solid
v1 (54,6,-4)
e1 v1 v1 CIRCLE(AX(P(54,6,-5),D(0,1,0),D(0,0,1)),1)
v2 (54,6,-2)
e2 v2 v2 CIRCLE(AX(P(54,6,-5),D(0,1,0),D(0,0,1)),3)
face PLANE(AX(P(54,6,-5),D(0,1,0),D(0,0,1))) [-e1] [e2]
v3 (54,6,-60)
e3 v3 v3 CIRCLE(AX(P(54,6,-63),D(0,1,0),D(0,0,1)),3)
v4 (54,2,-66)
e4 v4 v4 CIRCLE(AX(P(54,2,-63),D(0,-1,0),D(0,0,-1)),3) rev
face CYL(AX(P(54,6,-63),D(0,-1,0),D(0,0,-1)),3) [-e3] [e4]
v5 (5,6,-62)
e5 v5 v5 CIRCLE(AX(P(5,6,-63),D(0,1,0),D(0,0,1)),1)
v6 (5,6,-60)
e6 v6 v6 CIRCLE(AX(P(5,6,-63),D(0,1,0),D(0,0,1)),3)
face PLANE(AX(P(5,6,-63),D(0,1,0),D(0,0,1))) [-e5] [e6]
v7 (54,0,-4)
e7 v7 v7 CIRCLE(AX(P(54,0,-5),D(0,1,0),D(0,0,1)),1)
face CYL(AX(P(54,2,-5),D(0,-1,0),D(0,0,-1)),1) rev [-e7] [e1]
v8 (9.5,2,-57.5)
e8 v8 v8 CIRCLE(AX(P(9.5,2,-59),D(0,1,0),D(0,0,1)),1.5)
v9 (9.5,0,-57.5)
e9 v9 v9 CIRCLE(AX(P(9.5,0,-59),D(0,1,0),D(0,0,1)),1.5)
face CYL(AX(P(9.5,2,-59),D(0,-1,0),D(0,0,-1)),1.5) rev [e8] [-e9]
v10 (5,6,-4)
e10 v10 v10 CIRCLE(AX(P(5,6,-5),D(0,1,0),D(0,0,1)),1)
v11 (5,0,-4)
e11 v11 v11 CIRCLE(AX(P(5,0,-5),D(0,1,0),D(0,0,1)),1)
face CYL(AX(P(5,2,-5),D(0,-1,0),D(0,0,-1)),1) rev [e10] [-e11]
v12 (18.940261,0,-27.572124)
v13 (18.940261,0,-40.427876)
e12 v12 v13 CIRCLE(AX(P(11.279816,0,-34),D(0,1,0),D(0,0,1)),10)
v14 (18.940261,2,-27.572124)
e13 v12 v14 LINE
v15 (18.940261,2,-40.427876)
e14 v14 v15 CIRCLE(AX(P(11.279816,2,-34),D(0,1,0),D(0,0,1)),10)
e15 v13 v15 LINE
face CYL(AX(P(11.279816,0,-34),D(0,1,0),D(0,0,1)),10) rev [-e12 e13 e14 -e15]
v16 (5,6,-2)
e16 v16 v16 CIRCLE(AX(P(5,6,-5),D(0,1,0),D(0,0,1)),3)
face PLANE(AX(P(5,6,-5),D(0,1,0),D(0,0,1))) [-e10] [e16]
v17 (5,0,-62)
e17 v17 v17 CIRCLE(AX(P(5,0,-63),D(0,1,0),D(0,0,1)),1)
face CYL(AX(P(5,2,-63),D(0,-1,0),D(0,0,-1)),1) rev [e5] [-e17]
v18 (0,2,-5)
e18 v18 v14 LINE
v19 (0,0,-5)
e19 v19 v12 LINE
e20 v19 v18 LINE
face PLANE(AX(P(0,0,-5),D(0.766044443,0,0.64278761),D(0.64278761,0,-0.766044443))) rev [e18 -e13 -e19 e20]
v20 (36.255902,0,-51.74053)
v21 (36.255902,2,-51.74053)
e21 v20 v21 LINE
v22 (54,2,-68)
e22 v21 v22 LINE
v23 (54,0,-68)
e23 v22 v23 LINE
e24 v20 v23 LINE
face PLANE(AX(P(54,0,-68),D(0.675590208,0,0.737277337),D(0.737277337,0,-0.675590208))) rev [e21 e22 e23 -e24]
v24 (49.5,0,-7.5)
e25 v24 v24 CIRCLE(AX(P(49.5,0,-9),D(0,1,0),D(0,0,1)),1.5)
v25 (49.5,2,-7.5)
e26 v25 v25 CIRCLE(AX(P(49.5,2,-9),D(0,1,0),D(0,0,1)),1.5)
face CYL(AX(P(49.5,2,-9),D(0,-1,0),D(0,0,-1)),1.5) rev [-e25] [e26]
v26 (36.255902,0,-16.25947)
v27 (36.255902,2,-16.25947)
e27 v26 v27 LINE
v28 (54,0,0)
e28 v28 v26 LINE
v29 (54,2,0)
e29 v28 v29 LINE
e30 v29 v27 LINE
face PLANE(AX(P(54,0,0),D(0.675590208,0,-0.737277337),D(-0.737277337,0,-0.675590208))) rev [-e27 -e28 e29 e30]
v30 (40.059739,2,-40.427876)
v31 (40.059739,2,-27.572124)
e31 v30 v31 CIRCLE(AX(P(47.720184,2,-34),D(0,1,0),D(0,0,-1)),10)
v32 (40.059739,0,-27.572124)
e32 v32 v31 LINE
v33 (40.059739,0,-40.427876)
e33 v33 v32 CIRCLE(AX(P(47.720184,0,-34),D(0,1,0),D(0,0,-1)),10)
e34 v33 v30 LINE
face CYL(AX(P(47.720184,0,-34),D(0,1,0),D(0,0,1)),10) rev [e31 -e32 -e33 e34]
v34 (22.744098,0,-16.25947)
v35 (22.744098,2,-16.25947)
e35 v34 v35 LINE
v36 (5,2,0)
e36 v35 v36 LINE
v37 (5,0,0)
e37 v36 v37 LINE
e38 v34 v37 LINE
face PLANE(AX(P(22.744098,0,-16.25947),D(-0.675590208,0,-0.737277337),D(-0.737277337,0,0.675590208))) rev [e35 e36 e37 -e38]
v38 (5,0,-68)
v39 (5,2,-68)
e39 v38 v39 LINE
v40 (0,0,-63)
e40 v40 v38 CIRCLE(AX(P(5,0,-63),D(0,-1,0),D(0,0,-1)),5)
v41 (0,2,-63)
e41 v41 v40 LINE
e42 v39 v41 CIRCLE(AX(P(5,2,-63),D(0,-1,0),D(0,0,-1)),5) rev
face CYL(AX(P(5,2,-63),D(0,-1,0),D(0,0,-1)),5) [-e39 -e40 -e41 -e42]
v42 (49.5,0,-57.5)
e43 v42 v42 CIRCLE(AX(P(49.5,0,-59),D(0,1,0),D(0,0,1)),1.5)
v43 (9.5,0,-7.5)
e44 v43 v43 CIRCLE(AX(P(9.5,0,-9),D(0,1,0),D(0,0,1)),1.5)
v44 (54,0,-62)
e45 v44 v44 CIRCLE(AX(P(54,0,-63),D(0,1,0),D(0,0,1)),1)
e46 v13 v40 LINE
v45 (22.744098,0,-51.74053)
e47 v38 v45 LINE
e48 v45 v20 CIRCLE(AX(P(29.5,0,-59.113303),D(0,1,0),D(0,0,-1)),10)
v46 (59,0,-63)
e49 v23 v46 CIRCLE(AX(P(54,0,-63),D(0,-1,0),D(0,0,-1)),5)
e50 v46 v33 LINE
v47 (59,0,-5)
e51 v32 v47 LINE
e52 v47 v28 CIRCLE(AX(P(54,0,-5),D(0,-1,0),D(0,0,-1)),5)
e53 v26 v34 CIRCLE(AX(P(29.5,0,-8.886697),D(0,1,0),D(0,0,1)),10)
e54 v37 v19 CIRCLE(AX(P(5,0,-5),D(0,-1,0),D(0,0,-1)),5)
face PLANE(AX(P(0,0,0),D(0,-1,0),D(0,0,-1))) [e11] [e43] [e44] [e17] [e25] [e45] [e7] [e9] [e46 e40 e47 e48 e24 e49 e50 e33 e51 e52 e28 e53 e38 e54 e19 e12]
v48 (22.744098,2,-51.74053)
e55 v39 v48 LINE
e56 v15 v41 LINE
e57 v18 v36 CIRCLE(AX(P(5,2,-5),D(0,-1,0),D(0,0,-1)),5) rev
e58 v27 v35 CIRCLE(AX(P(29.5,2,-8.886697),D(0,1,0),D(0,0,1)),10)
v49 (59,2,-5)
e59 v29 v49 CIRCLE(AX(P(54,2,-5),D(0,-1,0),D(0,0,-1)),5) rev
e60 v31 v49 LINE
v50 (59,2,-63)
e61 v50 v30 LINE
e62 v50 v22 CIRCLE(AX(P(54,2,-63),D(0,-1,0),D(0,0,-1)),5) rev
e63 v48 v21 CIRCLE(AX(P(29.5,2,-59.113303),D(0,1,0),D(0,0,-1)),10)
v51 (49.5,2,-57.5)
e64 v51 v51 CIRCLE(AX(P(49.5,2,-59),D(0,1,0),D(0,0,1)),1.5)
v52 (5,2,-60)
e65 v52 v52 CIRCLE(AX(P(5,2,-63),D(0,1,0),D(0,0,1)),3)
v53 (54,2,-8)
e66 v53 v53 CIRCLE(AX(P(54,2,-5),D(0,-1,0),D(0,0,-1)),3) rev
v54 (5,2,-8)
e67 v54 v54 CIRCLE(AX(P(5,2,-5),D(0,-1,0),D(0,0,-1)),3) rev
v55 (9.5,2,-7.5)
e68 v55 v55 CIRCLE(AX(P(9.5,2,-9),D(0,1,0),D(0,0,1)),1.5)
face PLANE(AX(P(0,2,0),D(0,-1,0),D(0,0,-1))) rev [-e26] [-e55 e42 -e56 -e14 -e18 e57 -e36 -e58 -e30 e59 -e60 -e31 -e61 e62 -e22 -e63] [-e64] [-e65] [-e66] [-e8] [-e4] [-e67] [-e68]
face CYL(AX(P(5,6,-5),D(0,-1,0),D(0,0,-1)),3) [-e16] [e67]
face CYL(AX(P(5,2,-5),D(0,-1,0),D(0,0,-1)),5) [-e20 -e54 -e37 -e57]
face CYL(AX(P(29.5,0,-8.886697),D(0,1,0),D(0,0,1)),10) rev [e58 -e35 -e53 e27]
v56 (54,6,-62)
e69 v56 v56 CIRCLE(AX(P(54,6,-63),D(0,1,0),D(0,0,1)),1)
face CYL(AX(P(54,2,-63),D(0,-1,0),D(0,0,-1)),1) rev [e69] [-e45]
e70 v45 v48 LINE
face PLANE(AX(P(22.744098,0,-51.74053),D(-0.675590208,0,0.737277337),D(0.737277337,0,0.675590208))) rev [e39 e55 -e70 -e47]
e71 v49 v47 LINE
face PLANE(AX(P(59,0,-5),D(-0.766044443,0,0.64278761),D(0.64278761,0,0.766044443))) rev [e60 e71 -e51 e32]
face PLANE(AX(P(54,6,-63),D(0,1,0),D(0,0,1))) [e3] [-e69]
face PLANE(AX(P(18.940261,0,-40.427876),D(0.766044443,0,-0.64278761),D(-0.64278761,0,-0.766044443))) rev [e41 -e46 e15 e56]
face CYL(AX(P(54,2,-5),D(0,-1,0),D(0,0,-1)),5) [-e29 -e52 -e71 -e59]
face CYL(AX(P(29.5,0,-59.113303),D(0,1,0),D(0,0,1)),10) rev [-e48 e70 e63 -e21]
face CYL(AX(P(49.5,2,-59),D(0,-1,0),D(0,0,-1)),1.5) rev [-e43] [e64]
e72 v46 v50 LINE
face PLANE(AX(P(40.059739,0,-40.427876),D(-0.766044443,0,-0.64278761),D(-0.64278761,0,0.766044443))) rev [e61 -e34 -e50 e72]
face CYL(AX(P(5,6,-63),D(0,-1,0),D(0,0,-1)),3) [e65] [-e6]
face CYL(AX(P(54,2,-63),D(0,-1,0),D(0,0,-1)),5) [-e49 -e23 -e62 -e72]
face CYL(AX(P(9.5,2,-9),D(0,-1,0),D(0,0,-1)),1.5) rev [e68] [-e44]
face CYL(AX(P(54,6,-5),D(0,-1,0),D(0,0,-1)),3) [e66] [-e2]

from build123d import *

# Parameters (mm, degrees)
SKETCH1_W           = 59
SKETCH1_H           = 68
SKETCH1_R           = 1
SKETCH1_R_2         = 1.5
BOSS_EXTRUDE1_DEPTH = 2
FILLET1_R           = 5
CUT_EXTRUDE1_DEPTH  = 2
SKETCH3_R           = 3
SKETCH3_R_2         = 1
BOSS_EXTRUDE2_DEPTH = 4


with BuildPart() as part:
    # Sketch1 → Boss-Extrude1 (new body)
    with BuildSketch(Plane(origin=(0, 0, 0), x_dir=(1, 0, 0), z_dir=(0, 1, 0))):
        with Locations((29.5, 34)):
            Rectangle(SKETCH1_W, SKETCH1_H)
        with Locations(Location((5, 5, 0), (0, 0, 270))):
            Circle(SKETCH1_R, mode=Mode.SUBTRACT)
        with Locations(Location((54, 5, 0), (0, 0, 270))):
            Circle(SKETCH1_R, mode=Mode.SUBTRACT)
        with Locations(Location((5, 63, 0), (0, 0, 270))):
            Circle(SKETCH1_R, mode=Mode.SUBTRACT)
        with Locations(Location((54, 63, 0), (0, 0, 270))):
            Circle(SKETCH1_R, mode=Mode.SUBTRACT)
        with Locations(Location((9.5, 59, 0), (0, 0, 270))):
            Circle(SKETCH1_R_2, mode=Mode.SUBTRACT)
        with Locations(Location((49.5, 59, 0), (0, 0, 270))):
            Circle(SKETCH1_R_2, mode=Mode.SUBTRACT)
        with Locations(Location((49.5, 9, 0), (0, 0, 270))):
            Circle(SKETCH1_R_2, mode=Mode.SUBTRACT)
        with Locations(Location((9.5, 9, 0), (0, 0, 270))):
            Circle(SKETCH1_R_2, mode=Mode.SUBTRACT)
    extrude(amount=BOSS_EXTRUDE1_DEPTH)

    # Fillet1
    fillet1_edges = [part.edges().sort_by_distance(p)[0] for p in [
        (0, 1, -68),
        (59, 1, -68),
        (59, 1, 0),
        (0, 1, 0),
    ]]
    fillet(fillet1_edges, radius=FILLET1_R)

    # Sketch2 → Cut-Extrude1 (cut)
    with BuildSketch(Plane(origin=(0, 2, 0), x_dir=(1, 0, 0), z_dir=(0, 1, 0))):
        with BuildLine():
            Line((0, 5), (18.940260842, 27.572123903))
            ThreePointArc((18.940260842, 27.572123903), (21.279816411, 34), (18.940260842, 40.427876097))
            Line((18.940260842, 40.427876097), (0, 63))
            Line((0, 63), (0, 5))
        make_face()
        with BuildLine():
            Line((54, 0), (36.255902076, 16.259470082))
            ThreePointArc((36.255902076, 16.259470082), (29.5, 18.886696714), (22.744097924, 16.259470082))
            Line((22.744097924, 16.259470082), (5, 0))
            Line((5, 0), (54, 0))
        make_face()
        with BuildLine():
            Line((54, 68), (5, 68))
            Line((5, 68), (22.744097924, 51.740529918))
            ThreePointArc((22.744097924, 51.740529918), (29.5, 49.113303286), (36.255902076, 51.740529918))
            Line((36.255902076, 51.740529918), (54, 68))
        make_face()
        with BuildLine():
            Line((59, 5), (59, 63))
            Line((59, 63), (40.059739158, 40.427876097))
            ThreePointArc((40.059739158, 40.427876097), (37.720183589, 34), (40.059739158, 27.572123903))
            Line((40.059739158, 27.572123903), (59, 5))
        make_face()
    extrude(amount=-CUT_EXTRUDE1_DEPTH, mode=Mode.SUBTRACT)

    # Sketch3 → Boss-Extrude2 (add)
    # profile 1 of 4: a face of its own
    with BuildSketch(Plane(origin=(0, 2, 0), x_dir=(1, 0, 0), z_dir=(0, 1, 0))):
        with Locations(Location((5, 63, 0), (0, 0, 270))):
            Circle(SKETCH3_R)
        with Locations(Location((5, 63, 0), (0, 0, 270))):
            Circle(SKETCH3_R_2, mode=Mode.SUBTRACT)
    # profile 2 of 4: a face of its own
    with BuildSketch(Plane(origin=(0, 2, 0), x_dir=(1, 0, 0), z_dir=(0, 1, 0))):
        with Locations(Location((54, 63, 0), (0, 0, 90))):
            Circle(SKETCH3_R)
        with Locations(Location((54, 63, 0), (0, 0, 270))):
            Circle(SKETCH3_R_2, mode=Mode.SUBTRACT)
    # profile 3 of 4: a face of its own
    with BuildSketch(Plane(origin=(0, 2, 0), x_dir=(1, 0, 0), z_dir=(0, 1, 0))):
        with Locations(Location((54, 5, 0), (0, 0, 90))):
            Circle(SKETCH3_R)
        with Locations(Location((54, 5, 0), (0, 0, 270))):
            Circle(SKETCH3_R_2, mode=Mode.SUBTRACT)
    # profile 4 of 4: a face of its own
    with BuildSketch(Plane(origin=(0, 2, 0), x_dir=(1, 0, 0), z_dir=(0, 1, 0))):
        with Locations(Location((5, 5, 0), (0, 0, 90))):
            Circle(SKETCH3_R)
        with Locations(Location((5, 5, 0), (0, 0, 270))):
            Circle(SKETCH3_R_2, mode=Mode.SUBTRACT)
    extrude(amount=BOSS_EXTRUDE2_DEPTH)


solid = part.part
